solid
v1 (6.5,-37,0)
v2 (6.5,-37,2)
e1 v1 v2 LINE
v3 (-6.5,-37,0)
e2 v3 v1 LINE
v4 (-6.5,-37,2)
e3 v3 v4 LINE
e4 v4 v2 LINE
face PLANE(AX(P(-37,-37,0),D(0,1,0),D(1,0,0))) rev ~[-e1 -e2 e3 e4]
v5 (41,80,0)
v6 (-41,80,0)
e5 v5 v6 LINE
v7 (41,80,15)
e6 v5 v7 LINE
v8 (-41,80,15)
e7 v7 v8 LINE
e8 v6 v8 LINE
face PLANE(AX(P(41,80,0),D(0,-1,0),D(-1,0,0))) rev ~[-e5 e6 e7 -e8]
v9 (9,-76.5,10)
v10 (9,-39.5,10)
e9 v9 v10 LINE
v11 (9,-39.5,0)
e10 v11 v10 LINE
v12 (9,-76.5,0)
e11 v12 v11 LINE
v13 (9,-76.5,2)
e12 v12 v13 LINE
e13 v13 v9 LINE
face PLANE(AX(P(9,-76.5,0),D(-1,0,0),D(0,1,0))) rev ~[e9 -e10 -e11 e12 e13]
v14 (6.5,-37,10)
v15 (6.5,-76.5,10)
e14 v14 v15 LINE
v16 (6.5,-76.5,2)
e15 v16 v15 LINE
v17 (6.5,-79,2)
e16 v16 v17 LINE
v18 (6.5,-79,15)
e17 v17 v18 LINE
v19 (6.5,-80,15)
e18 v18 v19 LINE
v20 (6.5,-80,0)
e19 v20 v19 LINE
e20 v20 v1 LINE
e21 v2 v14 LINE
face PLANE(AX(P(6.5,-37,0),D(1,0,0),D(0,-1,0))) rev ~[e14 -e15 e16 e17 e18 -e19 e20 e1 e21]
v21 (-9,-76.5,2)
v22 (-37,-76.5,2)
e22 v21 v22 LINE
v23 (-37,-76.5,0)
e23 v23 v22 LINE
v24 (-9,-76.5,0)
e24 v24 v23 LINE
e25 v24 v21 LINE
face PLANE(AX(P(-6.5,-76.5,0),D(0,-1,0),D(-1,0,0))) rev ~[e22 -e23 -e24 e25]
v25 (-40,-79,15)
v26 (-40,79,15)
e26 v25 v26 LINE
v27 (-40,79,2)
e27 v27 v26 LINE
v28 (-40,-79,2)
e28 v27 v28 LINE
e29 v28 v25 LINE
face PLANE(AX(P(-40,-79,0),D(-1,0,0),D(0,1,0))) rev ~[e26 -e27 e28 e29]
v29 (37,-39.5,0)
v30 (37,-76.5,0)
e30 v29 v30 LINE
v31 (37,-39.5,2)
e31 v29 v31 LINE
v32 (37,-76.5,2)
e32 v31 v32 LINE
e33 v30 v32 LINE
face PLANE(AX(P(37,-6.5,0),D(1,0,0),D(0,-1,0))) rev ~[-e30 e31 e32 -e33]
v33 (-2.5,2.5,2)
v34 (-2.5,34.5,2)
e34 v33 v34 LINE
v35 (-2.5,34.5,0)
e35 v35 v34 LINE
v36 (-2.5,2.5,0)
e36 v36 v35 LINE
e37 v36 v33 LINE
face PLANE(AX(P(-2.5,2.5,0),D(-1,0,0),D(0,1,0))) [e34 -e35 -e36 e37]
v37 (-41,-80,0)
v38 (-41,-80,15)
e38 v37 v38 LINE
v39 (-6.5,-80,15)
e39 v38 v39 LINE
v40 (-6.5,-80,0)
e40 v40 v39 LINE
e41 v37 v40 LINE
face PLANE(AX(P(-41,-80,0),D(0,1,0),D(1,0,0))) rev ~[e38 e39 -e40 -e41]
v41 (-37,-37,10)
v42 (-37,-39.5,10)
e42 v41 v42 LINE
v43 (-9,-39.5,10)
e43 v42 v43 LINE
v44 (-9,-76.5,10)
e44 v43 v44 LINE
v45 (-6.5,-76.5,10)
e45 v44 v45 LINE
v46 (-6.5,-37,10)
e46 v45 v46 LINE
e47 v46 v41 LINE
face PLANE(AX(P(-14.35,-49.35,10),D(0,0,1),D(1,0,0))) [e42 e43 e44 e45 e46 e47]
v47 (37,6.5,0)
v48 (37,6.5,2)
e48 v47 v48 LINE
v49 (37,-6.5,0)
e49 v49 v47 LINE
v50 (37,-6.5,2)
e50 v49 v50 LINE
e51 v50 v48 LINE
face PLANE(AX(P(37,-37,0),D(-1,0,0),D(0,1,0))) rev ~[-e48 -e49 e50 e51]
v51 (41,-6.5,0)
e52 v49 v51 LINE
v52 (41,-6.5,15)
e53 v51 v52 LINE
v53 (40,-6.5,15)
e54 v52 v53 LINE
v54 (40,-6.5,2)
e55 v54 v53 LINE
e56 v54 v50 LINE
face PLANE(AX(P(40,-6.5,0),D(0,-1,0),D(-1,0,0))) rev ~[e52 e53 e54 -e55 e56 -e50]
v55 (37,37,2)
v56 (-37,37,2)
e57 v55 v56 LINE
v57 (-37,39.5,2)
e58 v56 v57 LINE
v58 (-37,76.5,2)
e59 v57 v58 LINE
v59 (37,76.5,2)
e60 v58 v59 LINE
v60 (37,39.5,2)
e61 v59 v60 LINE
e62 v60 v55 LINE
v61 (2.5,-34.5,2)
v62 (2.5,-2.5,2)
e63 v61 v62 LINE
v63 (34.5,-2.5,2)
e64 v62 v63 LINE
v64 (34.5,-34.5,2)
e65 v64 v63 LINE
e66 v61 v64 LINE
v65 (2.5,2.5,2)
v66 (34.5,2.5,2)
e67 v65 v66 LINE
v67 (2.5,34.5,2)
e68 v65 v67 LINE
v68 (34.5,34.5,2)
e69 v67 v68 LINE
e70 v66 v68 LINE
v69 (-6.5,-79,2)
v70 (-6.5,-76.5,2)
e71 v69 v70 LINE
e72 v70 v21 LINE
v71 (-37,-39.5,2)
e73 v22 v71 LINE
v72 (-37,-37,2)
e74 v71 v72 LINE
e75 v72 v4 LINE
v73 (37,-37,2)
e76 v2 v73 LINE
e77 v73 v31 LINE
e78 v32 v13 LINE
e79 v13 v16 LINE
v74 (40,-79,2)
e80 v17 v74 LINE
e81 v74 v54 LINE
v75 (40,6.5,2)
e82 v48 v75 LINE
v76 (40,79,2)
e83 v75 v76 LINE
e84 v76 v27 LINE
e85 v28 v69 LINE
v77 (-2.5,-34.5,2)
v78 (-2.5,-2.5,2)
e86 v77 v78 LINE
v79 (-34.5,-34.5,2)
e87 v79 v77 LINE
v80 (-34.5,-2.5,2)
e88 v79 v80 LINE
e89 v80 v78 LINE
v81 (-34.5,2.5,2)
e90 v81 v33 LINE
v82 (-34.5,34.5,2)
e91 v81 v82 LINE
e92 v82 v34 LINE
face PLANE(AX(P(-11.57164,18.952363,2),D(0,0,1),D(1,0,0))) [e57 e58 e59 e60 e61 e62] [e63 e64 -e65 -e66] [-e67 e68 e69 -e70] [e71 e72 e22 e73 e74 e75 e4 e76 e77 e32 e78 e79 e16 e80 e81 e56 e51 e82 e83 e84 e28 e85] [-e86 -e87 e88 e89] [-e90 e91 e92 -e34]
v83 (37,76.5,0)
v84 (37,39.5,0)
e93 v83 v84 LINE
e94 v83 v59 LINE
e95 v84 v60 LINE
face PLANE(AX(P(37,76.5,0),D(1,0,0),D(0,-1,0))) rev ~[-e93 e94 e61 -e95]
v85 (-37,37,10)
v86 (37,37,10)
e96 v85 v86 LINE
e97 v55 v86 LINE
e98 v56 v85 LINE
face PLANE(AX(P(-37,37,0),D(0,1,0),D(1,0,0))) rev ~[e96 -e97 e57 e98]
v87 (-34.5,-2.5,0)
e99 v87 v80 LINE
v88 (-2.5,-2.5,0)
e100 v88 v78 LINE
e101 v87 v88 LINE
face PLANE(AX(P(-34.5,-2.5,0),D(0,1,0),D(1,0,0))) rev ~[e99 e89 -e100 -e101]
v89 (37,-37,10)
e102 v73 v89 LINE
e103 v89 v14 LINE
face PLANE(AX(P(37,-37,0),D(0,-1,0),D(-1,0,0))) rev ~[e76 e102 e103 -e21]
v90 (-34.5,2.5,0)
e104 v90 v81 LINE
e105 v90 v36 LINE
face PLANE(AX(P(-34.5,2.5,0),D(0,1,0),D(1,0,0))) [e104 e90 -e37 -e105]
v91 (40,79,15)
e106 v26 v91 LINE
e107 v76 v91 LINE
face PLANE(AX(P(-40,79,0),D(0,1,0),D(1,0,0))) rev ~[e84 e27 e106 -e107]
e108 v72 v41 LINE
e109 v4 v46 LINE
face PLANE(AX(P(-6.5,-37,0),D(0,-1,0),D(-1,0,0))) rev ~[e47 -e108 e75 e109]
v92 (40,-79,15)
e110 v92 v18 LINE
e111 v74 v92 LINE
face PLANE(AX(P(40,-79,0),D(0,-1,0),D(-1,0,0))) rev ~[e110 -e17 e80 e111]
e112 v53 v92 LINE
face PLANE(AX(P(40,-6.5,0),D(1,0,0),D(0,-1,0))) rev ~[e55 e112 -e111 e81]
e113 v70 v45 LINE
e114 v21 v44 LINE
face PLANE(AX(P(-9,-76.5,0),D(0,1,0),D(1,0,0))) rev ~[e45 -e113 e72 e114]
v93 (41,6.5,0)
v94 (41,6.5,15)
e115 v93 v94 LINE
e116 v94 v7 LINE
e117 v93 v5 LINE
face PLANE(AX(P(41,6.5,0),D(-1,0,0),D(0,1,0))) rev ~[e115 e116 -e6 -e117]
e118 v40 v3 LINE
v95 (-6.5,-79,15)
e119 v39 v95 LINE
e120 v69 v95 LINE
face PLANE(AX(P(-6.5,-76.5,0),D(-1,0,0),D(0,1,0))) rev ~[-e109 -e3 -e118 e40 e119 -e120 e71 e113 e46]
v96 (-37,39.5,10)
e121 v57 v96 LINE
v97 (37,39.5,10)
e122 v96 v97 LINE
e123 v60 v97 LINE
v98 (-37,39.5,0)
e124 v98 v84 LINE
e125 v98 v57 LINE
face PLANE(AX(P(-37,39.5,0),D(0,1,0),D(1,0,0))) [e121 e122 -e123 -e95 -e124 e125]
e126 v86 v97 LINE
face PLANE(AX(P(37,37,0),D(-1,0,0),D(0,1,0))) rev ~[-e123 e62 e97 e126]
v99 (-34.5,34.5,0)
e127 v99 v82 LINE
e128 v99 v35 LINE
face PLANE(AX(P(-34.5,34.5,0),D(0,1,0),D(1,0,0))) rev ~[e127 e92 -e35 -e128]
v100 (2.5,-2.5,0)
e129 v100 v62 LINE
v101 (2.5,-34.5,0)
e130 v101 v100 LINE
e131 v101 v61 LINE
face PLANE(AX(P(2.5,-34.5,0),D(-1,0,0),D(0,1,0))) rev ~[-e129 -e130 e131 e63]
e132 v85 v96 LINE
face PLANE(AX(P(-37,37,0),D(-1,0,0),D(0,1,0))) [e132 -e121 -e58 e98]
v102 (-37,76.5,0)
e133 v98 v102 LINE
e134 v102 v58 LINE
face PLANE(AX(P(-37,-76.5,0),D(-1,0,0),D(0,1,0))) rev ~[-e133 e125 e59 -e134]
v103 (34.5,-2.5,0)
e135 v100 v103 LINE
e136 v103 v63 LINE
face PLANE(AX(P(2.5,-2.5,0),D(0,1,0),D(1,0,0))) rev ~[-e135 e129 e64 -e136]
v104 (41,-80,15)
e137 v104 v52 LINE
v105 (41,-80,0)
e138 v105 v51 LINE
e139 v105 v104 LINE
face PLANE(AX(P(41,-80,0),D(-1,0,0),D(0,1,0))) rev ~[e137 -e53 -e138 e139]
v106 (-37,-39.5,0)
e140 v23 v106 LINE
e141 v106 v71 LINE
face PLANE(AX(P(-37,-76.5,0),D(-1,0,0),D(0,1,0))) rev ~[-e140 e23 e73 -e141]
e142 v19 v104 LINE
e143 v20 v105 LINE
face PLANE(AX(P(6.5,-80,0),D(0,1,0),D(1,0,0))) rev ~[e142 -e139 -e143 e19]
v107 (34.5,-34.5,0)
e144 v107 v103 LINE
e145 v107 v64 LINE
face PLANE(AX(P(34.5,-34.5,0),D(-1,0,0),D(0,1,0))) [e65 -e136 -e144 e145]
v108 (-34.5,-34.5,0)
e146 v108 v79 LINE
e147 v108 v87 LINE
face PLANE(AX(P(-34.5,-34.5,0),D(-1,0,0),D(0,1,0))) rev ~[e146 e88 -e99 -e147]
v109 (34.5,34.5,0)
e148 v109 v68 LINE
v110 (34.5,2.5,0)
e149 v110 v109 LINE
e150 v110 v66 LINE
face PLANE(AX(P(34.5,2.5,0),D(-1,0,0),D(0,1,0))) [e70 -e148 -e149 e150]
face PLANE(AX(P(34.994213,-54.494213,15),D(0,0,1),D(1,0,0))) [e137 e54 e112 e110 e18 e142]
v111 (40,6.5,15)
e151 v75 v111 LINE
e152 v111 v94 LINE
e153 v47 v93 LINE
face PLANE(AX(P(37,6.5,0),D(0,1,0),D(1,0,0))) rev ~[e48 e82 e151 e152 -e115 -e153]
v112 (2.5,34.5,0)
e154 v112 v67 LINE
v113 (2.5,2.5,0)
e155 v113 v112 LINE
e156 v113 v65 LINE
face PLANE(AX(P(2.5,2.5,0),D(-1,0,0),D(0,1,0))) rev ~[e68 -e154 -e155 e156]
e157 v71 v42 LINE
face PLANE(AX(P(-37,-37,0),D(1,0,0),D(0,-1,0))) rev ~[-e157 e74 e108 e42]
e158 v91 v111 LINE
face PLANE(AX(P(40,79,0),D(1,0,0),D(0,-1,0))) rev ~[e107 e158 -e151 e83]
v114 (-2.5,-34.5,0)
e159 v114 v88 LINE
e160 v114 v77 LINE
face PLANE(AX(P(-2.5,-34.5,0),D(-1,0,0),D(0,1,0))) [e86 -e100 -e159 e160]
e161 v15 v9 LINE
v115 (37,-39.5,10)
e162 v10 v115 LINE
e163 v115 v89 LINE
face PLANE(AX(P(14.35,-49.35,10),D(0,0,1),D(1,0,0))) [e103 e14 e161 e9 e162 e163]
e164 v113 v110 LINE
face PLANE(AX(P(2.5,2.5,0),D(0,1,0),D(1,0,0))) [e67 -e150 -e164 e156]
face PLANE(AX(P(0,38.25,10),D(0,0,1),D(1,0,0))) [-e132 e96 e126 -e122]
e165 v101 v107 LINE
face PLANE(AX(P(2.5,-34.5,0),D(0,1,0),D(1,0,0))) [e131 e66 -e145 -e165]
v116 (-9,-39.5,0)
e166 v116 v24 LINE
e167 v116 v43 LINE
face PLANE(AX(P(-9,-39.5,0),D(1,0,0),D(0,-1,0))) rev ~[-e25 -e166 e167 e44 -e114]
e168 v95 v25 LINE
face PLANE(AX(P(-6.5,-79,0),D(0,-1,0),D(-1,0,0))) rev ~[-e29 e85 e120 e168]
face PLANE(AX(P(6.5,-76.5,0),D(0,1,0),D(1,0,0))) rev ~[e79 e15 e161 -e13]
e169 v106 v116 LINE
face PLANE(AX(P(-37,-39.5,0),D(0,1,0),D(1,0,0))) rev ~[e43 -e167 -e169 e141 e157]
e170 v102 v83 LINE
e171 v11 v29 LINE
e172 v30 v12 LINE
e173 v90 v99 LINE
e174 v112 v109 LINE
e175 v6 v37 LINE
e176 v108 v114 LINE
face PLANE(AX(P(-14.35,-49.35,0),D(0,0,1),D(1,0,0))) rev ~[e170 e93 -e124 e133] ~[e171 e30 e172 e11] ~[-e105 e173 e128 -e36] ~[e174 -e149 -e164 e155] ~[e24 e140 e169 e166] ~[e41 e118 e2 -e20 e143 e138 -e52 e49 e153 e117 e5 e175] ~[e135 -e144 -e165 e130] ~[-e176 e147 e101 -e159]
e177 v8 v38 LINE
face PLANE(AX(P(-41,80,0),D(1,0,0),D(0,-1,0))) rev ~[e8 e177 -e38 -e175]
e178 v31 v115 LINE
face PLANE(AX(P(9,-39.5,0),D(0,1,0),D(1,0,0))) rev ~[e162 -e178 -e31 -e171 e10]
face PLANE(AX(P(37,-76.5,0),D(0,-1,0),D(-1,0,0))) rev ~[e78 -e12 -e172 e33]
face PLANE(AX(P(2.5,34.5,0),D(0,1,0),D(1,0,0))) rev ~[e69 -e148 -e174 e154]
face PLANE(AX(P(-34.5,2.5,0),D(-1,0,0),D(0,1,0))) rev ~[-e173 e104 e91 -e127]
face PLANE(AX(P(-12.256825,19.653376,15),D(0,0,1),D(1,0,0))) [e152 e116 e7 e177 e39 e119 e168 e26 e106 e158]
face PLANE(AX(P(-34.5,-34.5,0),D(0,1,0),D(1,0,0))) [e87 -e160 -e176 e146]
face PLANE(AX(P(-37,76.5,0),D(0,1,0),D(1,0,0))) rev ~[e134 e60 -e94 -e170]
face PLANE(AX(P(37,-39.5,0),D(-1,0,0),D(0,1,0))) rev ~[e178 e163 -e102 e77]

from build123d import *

# Parameters (mm, degrees)
F0_W     = 32
F0_H     = 32
F1_DEPTH = 2
F2_DEPTH = 15
F3_DEPTH = 2
F0_W_2   = 74
F0_H_2   = 2.5
F4_DEPTH = 10


with BuildPart() as f1:
    # F0 (on Top) → F1 (new body)
    with BuildSketch(Plane.XY):
        Polygon((6.5, -37), (37, -37), (37, -6.5), (37, 6.5), (37, 37), (-37, 37), (-37, -37), (-6.5, -37), align=None)
        with Locations((-18.5, -18.5)):
            Rectangle(F0_W, F0_H, mode=Mode.SUBTRACT)
        with Locations((18.5, -18.5)):
            Rectangle(F0_W, F0_H, mode=Mode.SUBTRACT)
        with Locations((-18.5, 18.5)):
            Rectangle(F0_W, F0_H, mode=Mode.SUBTRACT)
        with Locations((18.5, 18.5)):
            Rectangle(F0_W, F0_H, mode=Mode.SUBTRACT)
    extrude(amount=F1_DEPTH)



with BuildPart() as f2:
    # F0 (on Top) → F2 (new body)
    with BuildSketch(Plane.XY):
        Polygon((40, 79), (40, 6.5), (41, 6.5), (41, 80), (-41, 80), (-41, -80), (-6.5, -80), (-6.5, -79), (-40, -79), (-40, 79), align=None)
    extrude(amount=F2_DEPTH)


with BuildPart() as f2b:
    # F0 (on Top) → F2, piece 2 (new body)
    with BuildSketch(Plane.XY):
        Polygon((41, -6.5), (40, -6.5), (40, -79), (6.5, -79), (6.5, -80), (41, -80), align=None)
    extrude(amount=F2_DEPTH)


with BuildPart() as f1_1:
    add(f1.part)

    add(f2.part)  # F3 merges F2

    add(f2b.part)  # F3 merges F2b
    # F0 (on Top) → F3 (join)
    with BuildSketch(Plane.XY):
        Polygon((37, 37), (37, 6.5), (40, 6.5), (40, 79), (-40, 79), (-40, -79), (-6.5, -79), (-6.5, -76.5), (-9, -76.5), (-37, -76.5), (-37, -39.5), (-37, -37), (-37, 37), (-37, 39.5), (-37, 76.5), (37, 76.5), (37, 39.5), align=None)
        Polygon((37, -6.5), (37, -37), (37, -39.5), (37, -76.5), (9, -76.5), (6.5, -76.5), (6.5, -79), (40, -79), (40, -6.5), align=None)
    extrude(amount=F3_DEPTH)

    # F0 (on Top) → F4 (join)
    with BuildSketch(Plane.XY):
        Polygon((-6.5, -76.5), (-6.5, -37), (-37, -37), (-37, -39.5), (-9, -39.5), (-9, -76.5), align=None)
        Polygon((37, -39.5), (37, -37), (6.5, -37), (6.5, -76.5), (9, -76.5), (9, -39.5), align=None)
        with Locations((0, 38.25)):
            Rectangle(F0_W_2, F0_H_2)
    extrude(amount=F4_DEPTH)


solid = f1_1.part
